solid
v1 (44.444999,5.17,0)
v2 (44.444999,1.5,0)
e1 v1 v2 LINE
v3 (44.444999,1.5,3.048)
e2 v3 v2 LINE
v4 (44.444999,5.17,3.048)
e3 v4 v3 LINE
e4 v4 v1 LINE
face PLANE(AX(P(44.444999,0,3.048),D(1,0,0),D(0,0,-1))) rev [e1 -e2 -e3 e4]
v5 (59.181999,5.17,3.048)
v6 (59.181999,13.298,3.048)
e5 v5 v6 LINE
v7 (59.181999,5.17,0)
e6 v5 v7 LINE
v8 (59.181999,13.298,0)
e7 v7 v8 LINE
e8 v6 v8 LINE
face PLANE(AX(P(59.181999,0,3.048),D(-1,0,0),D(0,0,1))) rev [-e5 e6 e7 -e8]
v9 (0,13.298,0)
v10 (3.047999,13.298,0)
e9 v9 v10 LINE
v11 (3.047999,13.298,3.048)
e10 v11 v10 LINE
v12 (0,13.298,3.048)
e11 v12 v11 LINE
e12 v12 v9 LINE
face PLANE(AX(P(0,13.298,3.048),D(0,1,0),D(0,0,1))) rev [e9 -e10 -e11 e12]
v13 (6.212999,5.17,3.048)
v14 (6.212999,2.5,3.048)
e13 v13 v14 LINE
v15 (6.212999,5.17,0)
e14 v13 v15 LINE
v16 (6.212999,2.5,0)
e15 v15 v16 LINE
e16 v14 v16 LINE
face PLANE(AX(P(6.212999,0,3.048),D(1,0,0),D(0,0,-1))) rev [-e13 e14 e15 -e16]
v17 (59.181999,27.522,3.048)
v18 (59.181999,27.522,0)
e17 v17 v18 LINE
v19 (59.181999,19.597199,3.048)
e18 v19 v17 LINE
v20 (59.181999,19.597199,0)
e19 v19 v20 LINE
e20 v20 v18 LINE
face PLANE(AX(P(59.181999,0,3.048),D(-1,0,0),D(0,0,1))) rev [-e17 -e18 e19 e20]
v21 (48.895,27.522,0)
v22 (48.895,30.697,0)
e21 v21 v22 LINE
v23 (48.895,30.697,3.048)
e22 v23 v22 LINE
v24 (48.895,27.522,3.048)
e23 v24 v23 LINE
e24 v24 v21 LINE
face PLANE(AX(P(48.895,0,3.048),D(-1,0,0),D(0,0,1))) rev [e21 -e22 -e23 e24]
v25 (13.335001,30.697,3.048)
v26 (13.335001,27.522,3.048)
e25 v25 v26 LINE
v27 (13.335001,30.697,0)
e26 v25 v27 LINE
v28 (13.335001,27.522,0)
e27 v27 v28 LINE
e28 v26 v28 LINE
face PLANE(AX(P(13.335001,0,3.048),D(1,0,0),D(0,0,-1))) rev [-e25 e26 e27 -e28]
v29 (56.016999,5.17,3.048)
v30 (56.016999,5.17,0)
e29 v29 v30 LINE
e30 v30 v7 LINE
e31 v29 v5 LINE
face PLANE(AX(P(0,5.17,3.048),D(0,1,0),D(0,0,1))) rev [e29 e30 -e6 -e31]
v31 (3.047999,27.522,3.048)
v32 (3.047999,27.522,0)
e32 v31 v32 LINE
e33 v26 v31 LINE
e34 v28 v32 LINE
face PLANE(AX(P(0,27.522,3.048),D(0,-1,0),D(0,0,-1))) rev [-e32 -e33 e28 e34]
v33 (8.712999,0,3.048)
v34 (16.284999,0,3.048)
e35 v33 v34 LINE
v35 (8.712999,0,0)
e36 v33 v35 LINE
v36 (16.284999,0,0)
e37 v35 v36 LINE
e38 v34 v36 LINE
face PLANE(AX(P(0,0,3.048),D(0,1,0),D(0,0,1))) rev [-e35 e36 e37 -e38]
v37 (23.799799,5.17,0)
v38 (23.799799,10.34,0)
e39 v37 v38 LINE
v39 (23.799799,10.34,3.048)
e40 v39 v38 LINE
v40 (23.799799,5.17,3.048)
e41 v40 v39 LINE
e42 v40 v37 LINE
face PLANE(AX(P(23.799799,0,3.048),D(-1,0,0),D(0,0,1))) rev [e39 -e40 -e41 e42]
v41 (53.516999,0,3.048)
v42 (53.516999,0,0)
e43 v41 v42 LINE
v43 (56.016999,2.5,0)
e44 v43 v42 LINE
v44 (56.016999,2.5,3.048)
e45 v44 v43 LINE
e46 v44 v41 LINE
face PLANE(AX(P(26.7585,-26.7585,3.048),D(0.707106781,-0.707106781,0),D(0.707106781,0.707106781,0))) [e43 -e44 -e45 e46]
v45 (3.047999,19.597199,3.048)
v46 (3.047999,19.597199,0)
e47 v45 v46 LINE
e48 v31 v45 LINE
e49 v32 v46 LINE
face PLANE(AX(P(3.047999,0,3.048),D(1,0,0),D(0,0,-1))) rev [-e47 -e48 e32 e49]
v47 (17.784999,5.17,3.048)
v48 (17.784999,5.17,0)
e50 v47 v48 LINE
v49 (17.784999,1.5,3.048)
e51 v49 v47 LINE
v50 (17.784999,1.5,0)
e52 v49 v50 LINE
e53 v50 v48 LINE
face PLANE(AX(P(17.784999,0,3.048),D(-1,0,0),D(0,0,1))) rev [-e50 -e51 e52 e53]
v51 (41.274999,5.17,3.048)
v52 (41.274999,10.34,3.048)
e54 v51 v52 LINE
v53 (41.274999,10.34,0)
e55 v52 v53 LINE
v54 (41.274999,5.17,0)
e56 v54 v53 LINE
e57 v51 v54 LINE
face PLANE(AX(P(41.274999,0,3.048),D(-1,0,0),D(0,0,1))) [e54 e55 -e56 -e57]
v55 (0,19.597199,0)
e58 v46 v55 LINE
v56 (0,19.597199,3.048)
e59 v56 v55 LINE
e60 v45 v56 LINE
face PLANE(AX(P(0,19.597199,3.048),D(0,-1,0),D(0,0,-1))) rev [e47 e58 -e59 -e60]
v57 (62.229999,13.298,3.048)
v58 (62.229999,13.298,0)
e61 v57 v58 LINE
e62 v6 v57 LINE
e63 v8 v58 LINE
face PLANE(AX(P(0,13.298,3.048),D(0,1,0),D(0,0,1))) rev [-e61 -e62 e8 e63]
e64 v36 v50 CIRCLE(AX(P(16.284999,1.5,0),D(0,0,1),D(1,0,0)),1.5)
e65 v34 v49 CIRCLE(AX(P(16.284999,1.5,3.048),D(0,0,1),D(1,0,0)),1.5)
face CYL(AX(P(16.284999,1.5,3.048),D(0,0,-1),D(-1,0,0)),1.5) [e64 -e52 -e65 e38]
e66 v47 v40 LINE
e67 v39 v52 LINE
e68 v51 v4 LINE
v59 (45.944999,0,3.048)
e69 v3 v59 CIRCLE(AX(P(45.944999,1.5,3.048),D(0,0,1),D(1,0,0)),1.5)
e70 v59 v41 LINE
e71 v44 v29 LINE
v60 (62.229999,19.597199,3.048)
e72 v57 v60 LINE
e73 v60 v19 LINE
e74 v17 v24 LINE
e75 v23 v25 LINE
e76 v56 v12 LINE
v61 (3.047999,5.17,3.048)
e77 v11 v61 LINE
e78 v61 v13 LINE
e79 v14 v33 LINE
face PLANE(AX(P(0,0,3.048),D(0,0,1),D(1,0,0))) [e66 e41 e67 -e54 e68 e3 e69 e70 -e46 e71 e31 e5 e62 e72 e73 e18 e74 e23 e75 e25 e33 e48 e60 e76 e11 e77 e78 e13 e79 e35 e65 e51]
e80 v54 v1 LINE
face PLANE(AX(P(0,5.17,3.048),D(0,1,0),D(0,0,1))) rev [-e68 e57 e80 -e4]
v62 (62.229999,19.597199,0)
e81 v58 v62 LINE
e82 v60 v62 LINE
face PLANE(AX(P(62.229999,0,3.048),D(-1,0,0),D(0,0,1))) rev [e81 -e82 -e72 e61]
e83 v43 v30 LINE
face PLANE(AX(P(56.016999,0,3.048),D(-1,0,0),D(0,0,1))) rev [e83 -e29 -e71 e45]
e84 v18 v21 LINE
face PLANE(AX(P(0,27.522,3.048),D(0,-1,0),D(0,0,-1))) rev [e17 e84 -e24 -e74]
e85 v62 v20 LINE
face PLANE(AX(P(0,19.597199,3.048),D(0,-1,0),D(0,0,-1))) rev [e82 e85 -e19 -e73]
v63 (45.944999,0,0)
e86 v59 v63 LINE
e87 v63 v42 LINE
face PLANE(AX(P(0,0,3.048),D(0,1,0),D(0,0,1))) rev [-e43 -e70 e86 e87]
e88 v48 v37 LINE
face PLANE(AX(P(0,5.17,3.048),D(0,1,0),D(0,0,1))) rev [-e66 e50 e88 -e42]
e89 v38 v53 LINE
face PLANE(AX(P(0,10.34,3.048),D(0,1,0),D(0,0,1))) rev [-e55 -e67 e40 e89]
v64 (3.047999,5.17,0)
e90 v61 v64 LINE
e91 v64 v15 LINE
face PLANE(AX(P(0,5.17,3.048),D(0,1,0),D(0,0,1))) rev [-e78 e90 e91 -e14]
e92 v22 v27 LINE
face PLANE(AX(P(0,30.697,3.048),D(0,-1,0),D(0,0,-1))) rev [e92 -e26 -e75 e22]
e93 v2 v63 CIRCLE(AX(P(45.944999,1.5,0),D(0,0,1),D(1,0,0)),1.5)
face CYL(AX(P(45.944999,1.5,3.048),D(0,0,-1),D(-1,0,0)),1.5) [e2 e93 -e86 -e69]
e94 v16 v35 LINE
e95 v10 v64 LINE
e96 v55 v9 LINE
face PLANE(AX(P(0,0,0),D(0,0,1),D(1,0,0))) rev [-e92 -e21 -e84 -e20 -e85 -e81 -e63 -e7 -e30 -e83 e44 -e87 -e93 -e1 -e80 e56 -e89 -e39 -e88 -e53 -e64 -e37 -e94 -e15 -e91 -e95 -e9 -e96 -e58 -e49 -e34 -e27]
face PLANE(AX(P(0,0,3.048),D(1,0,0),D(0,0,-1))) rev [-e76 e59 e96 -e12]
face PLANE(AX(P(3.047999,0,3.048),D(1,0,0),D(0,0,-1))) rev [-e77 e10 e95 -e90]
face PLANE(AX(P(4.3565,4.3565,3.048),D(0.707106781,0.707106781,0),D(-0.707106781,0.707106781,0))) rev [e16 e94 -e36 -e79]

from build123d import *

# Parameters (mm, degrees)
BOSS_EXTRUDE1_DEPTH = 3.048


with BuildPart() as part:
    # Model → Boss-Extrude1 (new body)
    with BuildSketch(Plane.XY):
        with BuildLine():
            Line((59.181999415, 5.17), (59.181999415, 13.297999725))
            Line((59.181999415, 13.297999725), (62.229999341, 13.297999725))
            Line((62.229999341, 13.297999725), (62.229999341, 19.597199261))
            Line((62.229999341, 19.597199261), (59.181999415, 19.597199261))
            Line((59.181999415, 19.597199261), (59.181999415, 27.522))
            Line((59.181999415, 27.522), (48.894999549, 27.522))
            Line((48.894999549, 27.522), (48.894999549, 30.696999729))
            Line((48.894999549, 30.696999729), (13.335000724, 30.696999729))
            Line((13.335000724, 30.696999729), (13.335000724, 27.522))
            Line((13.335000724, 27.522), (3.047998995, 27.522))
            Line((3.047998995, 27.522), (3.047998995, 19.597199261))
            Line((3.047998995, 19.597199261), (0, 19.597199261))
            Line((0, 19.597199261), (0, 13.297999725))
            Line((0, 13.297999725), (3.047998995, 13.297999725))
            Line((3.047998995, 13.297999725), (3.047998995, 5.17))
            Line((3.047998995, 5.17), (6.21299938, 5.17))
            Line((6.21299938, 5.17), (6.21299938, 2.5))
            Line((6.21299938, 2.5), (8.71299938, 0))
            Line((8.71299938, 0), (16.28499938, 0))
            ThreePointArc((16.28499938, 0), (17.345659551, 0.439339828), (17.78499938, 1.5))
            Line((17.78499938, 1.5), (17.78499938, 5.17))
            Line((17.78499938, 5.17), (23.799799458, 5.17))
            Line((23.799799458, 5.17), (23.799799458, 10.34))
            Line((23.799799458, 10.34), (41.274999458, 10.34))
            Line((41.274999458, 10.34), (41.274999458, 5.17))
            Line((41.274999458, 5.17), (44.444999458, 5.17))
            Line((44.444999458, 5.17), (44.444999458, 1.5))
            ThreePointArc((44.444999458, 1.5), (44.884339286, 0.439339828), (45.944999458, 0))
            Line((45.944999458, 0), (53.516999458, 0))
            Line((53.516999458, 0), (56.016999458, 2.5))
            Line((56.016999458, 2.5), (56.016999458, 5.17))
            Line((56.016999458, 5.17), (59.181999415, 5.17))
        make_face()
    extrude(amount=BOSS_EXTRUDE1_DEPTH)


solid = part.part
